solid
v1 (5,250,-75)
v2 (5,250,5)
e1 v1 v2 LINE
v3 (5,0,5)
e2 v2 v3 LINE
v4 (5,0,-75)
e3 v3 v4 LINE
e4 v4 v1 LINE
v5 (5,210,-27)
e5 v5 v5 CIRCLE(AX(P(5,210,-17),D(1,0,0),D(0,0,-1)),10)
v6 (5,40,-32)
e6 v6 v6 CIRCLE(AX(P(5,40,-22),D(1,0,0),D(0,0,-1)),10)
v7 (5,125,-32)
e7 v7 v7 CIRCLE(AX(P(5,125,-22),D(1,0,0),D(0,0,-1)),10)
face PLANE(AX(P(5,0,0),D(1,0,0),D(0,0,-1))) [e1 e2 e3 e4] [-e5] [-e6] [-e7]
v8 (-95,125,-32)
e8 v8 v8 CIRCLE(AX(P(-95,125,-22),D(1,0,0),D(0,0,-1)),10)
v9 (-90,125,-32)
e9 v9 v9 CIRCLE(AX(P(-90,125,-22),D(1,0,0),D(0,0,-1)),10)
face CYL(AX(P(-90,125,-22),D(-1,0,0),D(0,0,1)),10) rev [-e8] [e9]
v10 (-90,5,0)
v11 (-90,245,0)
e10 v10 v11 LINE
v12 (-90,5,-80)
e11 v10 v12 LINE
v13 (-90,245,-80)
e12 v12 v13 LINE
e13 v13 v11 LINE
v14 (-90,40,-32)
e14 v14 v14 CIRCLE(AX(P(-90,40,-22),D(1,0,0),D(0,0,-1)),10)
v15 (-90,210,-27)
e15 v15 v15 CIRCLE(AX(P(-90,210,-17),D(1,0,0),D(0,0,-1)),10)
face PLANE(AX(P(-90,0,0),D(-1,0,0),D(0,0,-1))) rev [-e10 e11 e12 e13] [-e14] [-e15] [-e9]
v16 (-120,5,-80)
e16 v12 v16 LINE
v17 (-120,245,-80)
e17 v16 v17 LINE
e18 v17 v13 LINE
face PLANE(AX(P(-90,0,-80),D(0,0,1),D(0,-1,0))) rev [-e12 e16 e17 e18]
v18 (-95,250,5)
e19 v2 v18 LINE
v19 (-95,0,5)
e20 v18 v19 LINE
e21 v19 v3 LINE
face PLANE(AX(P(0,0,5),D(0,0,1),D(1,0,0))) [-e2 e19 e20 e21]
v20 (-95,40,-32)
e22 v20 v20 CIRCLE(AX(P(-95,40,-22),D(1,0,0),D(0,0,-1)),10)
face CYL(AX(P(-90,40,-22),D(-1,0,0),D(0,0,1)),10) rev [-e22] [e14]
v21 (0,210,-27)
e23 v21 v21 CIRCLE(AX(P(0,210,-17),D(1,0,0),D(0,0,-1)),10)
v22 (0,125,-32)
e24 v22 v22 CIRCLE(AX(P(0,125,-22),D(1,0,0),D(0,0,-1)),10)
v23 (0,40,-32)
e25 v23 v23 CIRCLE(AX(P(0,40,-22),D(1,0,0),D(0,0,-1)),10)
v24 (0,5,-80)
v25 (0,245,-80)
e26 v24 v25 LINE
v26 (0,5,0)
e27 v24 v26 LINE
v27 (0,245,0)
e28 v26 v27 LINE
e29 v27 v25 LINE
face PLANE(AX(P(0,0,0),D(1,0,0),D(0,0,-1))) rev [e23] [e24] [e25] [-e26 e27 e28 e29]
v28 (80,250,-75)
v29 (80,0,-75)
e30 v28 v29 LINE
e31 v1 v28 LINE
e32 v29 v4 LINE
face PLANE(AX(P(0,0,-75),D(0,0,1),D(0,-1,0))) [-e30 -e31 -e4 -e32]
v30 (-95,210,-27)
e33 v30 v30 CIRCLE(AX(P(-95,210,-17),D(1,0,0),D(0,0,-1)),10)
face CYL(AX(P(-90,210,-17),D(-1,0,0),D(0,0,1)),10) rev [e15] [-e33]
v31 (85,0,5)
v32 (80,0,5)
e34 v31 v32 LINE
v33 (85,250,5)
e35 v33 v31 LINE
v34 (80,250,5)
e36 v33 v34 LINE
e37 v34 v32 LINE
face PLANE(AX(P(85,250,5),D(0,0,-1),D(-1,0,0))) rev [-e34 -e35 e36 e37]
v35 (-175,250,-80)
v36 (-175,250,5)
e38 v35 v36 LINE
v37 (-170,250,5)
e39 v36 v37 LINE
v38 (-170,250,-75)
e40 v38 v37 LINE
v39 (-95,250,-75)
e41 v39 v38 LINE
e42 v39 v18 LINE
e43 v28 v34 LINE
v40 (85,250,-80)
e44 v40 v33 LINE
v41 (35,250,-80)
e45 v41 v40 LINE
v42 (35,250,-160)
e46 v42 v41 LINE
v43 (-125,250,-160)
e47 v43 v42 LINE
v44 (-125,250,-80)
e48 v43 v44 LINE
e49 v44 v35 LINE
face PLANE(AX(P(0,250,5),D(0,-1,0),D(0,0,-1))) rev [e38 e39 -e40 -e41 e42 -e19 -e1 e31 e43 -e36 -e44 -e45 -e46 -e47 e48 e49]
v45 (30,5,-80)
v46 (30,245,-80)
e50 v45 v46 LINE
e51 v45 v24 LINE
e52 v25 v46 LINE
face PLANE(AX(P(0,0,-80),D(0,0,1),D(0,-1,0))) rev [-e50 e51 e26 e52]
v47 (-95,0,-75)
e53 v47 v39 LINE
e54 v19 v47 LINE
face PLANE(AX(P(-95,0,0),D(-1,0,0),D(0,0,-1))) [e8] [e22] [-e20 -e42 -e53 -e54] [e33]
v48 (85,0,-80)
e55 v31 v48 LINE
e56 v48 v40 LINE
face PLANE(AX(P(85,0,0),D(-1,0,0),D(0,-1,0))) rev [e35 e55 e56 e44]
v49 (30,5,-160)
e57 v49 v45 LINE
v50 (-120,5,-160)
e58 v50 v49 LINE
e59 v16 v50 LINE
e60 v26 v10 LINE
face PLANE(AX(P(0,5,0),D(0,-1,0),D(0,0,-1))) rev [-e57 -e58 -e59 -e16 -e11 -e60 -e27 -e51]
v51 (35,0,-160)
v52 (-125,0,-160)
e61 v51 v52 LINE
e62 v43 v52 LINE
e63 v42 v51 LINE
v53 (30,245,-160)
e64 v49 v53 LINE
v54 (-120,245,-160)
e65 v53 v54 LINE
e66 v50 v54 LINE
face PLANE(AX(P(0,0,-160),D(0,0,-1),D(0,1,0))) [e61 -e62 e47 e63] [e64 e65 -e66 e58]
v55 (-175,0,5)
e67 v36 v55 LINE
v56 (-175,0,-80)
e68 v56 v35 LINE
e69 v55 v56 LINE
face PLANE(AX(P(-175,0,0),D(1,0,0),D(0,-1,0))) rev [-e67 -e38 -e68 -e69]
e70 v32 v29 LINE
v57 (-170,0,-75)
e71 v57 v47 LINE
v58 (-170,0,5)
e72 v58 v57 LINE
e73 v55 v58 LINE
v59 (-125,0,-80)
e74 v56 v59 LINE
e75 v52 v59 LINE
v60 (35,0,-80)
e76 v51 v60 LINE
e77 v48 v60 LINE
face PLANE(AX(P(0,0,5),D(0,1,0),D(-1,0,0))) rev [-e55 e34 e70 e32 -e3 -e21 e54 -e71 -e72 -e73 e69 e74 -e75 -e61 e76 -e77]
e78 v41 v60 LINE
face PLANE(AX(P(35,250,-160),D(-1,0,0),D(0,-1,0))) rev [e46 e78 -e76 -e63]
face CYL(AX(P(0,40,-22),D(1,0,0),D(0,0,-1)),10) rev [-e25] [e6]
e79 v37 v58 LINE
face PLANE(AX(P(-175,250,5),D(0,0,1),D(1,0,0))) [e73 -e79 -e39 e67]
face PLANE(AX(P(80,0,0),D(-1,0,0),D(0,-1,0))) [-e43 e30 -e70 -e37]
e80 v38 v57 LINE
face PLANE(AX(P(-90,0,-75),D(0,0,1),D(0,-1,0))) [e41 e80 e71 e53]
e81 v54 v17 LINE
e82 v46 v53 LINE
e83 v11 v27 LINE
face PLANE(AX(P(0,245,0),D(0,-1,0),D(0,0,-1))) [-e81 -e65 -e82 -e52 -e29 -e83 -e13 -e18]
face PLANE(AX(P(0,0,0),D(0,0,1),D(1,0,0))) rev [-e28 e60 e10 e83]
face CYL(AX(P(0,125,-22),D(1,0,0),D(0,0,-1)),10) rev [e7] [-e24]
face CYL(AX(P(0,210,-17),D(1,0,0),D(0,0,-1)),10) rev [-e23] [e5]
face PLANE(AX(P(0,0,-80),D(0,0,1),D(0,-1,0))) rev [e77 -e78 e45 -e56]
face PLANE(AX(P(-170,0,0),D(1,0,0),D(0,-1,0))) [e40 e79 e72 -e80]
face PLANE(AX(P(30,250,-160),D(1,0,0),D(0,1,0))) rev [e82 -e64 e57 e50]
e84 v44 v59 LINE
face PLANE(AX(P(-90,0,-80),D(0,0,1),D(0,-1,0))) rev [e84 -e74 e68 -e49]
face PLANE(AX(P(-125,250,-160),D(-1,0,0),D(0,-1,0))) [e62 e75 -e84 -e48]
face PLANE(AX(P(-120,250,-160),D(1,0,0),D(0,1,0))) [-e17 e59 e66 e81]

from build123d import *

# Parameters (mm, degrees)
ESQUISSE1_W             = 45
ESQUISSE1_H             = 250
BOSS_EXTRU_1_DEPTH      = 5
ESQUISSE2_W             = 80
ESQUISSE2_H             = 250
BOSS_EXTRU_2_DEPTH      = 5
ESQUISSE4_W             = 80
ESQUISSE4_H             = 250
BOSS_EXTRU_4_DEPTH      = 5
ESQUISSE5_W             = 85
ESQUISSE5_H             = 250
BOSS_EXTRU_5_DEPTH      = 5
ESQUISSE6_R             = 10
ENL_V_MAT_EXTRU_1_DEPTH = 5
ESQUISSE8_W             = 5
ESQUISSE8_H             = 250
BOSS_EXTRU_6_DEPTH      = 80
BOSS_EXTRU_7_DEPTH      = 5
BOSS_EXTRU_9_DEPTH      = 5


with BuildPart() as part:
    # Esquisse1 → Boss.-Extru.1 (new body)
    with BuildSketch(Plane.XY):
        with Locations((-22.5, 125)):
            Rectangle(ESQUISSE1_W, ESQUISSE1_H)
    boss_extru_1 = extrude(amount=BOSS_EXTRU_1_DEPTH)

    # Esquisse2 → Boss.-Extru.2 (add)
    with BuildSketch(Plane(origin=(0, 0, 0), x_dir=(0, 0, -1), z_dir=(1, 0, 0))):
        with Locations((35, 125)):
            Rectangle(ESQUISSE2_W, ESQUISSE2_H)
    boss_extru_2 = extrude(amount=BOSS_EXTRU_2_DEPTH)

    # Esquisse4 → Boss.-Extru.4 (add)
    with BuildSketch(Plane(origin=(0, 0, -75), x_dir=(-1, 0, 0), z_dir=(0, 0, -1))):
        with Locations((-40, 125)):
            Rectangle(ESQUISSE4_W, ESQUISSE4_H)
    boss_extru_4 = extrude(amount=BOSS_EXTRU_4_DEPTH)

    # Esquisse5 → Boss.-Extru.5 (add)
    with BuildSketch(Plane(origin=(80, 0, 0), x_dir=(0, 0, -1), z_dir=(1, 0, 0))):
        with Locations((37.5, 125)):
            Rectangle(ESQUISSE5_W, ESQUISSE5_H)
    boss_extru_5 = extrude(amount=BOSS_EXTRU_5_DEPTH)

    # Esquisse6 → Enlèv. mat.-Extru.1 (cut)
    with BuildSketch(Plane(origin=(5, 0, 0), x_dir=(0, 0, -1), z_dir=(1, 0, 0))):
        with Locations((22, 40)):
            Circle(ESQUISSE6_R)
        with Locations((22, 125)):
            Circle(ESQUISSE6_R)
        with Locations((17, 210)):
            Circle(ESQUISSE6_R)
    enl_v_mat_extru_1 = extrude(amount=-ENL_V_MAT_EXTRU_1_DEPTH, mode=Mode.SUBTRACT)

    # Esquisse8 → Boss.-Extru.6 (add)
    with BuildSketch(Plane(origin=(0, 0, -80), x_dir=(-1, 0, 0), z_dir=(0, 0, -1))):
        with Locations((-32.5, 125)):
            Rectangle(ESQUISSE8_W, ESQUISSE8_H)
    boss_extru_6 = extrude(amount=BOSS_EXTRU_6_DEPTH)

    # Symétrie2: Boss.-Extru.1, Boss.-Extru.2, Boss.-Extru.4, Boss.-Extru.5, Enlèv. mat.-Extru.1, Boss.-Extru.6 across plane
    add(boss_extru_1.mirror(Plane(origin=(-45, 0, 5), x_dir=(0, 0, 1), z_dir=(1, 0, 0))))
    add(boss_extru_2.mirror(Plane(origin=(-45, 0, 5), x_dir=(0, 0, 1), z_dir=(1, 0, 0))))
    add(boss_extru_4.mirror(Plane(origin=(-45, 0, 5), x_dir=(0, 0, 1), z_dir=(1, 0, 0))))
    add(boss_extru_5.mirror(Plane(origin=(-45, 0, 5), x_dir=(0, 0, 1), z_dir=(1, 0, 0))))
    add(enl_v_mat_extru_1.mirror(Plane(origin=(-45, 0, 5), x_dir=(0, 0, 1), z_dir=(1, 0, 0))), mode=Mode.SUBTRACT)
    add(boss_extru_6.mirror(Plane(origin=(-45, 0, 5), x_dir=(0, 0, 1), z_dir=(1, 0, 0))))

    # Esquisse3D1 → Boss.-Extru.7 (add)
    with BuildSketch(Plane(origin=(30, 0, -160), x_dir=(-0.5999999999999998, 0, 0.8000000000000003), z_dir=(0, -1, 0))):
        Polygon((0, 0), (64, -48), (82, -24), (146, -72), (200, 0), (136, 48), (154, 72), (90, 120), align=None)
    extrude(amount=-BOSS_EXTRU_7_DEPTH)

    # Esquisse3D3 → Boss.-Extru.9 (add)
    with BuildSketch(Plane(origin=(-120, 250, -160), x_dir=(0.5999999999999999, 0, 0.8), z_dir=(0, 1, 0))):
        Polygon((0, 0), (64, -48), (82, -24), (146, -72), (200, 0), (136, 48), (154, 72), (90, 120), align=None)
    extrude(amount=-BOSS_EXTRU_9_DEPTH)


solid = part.part
